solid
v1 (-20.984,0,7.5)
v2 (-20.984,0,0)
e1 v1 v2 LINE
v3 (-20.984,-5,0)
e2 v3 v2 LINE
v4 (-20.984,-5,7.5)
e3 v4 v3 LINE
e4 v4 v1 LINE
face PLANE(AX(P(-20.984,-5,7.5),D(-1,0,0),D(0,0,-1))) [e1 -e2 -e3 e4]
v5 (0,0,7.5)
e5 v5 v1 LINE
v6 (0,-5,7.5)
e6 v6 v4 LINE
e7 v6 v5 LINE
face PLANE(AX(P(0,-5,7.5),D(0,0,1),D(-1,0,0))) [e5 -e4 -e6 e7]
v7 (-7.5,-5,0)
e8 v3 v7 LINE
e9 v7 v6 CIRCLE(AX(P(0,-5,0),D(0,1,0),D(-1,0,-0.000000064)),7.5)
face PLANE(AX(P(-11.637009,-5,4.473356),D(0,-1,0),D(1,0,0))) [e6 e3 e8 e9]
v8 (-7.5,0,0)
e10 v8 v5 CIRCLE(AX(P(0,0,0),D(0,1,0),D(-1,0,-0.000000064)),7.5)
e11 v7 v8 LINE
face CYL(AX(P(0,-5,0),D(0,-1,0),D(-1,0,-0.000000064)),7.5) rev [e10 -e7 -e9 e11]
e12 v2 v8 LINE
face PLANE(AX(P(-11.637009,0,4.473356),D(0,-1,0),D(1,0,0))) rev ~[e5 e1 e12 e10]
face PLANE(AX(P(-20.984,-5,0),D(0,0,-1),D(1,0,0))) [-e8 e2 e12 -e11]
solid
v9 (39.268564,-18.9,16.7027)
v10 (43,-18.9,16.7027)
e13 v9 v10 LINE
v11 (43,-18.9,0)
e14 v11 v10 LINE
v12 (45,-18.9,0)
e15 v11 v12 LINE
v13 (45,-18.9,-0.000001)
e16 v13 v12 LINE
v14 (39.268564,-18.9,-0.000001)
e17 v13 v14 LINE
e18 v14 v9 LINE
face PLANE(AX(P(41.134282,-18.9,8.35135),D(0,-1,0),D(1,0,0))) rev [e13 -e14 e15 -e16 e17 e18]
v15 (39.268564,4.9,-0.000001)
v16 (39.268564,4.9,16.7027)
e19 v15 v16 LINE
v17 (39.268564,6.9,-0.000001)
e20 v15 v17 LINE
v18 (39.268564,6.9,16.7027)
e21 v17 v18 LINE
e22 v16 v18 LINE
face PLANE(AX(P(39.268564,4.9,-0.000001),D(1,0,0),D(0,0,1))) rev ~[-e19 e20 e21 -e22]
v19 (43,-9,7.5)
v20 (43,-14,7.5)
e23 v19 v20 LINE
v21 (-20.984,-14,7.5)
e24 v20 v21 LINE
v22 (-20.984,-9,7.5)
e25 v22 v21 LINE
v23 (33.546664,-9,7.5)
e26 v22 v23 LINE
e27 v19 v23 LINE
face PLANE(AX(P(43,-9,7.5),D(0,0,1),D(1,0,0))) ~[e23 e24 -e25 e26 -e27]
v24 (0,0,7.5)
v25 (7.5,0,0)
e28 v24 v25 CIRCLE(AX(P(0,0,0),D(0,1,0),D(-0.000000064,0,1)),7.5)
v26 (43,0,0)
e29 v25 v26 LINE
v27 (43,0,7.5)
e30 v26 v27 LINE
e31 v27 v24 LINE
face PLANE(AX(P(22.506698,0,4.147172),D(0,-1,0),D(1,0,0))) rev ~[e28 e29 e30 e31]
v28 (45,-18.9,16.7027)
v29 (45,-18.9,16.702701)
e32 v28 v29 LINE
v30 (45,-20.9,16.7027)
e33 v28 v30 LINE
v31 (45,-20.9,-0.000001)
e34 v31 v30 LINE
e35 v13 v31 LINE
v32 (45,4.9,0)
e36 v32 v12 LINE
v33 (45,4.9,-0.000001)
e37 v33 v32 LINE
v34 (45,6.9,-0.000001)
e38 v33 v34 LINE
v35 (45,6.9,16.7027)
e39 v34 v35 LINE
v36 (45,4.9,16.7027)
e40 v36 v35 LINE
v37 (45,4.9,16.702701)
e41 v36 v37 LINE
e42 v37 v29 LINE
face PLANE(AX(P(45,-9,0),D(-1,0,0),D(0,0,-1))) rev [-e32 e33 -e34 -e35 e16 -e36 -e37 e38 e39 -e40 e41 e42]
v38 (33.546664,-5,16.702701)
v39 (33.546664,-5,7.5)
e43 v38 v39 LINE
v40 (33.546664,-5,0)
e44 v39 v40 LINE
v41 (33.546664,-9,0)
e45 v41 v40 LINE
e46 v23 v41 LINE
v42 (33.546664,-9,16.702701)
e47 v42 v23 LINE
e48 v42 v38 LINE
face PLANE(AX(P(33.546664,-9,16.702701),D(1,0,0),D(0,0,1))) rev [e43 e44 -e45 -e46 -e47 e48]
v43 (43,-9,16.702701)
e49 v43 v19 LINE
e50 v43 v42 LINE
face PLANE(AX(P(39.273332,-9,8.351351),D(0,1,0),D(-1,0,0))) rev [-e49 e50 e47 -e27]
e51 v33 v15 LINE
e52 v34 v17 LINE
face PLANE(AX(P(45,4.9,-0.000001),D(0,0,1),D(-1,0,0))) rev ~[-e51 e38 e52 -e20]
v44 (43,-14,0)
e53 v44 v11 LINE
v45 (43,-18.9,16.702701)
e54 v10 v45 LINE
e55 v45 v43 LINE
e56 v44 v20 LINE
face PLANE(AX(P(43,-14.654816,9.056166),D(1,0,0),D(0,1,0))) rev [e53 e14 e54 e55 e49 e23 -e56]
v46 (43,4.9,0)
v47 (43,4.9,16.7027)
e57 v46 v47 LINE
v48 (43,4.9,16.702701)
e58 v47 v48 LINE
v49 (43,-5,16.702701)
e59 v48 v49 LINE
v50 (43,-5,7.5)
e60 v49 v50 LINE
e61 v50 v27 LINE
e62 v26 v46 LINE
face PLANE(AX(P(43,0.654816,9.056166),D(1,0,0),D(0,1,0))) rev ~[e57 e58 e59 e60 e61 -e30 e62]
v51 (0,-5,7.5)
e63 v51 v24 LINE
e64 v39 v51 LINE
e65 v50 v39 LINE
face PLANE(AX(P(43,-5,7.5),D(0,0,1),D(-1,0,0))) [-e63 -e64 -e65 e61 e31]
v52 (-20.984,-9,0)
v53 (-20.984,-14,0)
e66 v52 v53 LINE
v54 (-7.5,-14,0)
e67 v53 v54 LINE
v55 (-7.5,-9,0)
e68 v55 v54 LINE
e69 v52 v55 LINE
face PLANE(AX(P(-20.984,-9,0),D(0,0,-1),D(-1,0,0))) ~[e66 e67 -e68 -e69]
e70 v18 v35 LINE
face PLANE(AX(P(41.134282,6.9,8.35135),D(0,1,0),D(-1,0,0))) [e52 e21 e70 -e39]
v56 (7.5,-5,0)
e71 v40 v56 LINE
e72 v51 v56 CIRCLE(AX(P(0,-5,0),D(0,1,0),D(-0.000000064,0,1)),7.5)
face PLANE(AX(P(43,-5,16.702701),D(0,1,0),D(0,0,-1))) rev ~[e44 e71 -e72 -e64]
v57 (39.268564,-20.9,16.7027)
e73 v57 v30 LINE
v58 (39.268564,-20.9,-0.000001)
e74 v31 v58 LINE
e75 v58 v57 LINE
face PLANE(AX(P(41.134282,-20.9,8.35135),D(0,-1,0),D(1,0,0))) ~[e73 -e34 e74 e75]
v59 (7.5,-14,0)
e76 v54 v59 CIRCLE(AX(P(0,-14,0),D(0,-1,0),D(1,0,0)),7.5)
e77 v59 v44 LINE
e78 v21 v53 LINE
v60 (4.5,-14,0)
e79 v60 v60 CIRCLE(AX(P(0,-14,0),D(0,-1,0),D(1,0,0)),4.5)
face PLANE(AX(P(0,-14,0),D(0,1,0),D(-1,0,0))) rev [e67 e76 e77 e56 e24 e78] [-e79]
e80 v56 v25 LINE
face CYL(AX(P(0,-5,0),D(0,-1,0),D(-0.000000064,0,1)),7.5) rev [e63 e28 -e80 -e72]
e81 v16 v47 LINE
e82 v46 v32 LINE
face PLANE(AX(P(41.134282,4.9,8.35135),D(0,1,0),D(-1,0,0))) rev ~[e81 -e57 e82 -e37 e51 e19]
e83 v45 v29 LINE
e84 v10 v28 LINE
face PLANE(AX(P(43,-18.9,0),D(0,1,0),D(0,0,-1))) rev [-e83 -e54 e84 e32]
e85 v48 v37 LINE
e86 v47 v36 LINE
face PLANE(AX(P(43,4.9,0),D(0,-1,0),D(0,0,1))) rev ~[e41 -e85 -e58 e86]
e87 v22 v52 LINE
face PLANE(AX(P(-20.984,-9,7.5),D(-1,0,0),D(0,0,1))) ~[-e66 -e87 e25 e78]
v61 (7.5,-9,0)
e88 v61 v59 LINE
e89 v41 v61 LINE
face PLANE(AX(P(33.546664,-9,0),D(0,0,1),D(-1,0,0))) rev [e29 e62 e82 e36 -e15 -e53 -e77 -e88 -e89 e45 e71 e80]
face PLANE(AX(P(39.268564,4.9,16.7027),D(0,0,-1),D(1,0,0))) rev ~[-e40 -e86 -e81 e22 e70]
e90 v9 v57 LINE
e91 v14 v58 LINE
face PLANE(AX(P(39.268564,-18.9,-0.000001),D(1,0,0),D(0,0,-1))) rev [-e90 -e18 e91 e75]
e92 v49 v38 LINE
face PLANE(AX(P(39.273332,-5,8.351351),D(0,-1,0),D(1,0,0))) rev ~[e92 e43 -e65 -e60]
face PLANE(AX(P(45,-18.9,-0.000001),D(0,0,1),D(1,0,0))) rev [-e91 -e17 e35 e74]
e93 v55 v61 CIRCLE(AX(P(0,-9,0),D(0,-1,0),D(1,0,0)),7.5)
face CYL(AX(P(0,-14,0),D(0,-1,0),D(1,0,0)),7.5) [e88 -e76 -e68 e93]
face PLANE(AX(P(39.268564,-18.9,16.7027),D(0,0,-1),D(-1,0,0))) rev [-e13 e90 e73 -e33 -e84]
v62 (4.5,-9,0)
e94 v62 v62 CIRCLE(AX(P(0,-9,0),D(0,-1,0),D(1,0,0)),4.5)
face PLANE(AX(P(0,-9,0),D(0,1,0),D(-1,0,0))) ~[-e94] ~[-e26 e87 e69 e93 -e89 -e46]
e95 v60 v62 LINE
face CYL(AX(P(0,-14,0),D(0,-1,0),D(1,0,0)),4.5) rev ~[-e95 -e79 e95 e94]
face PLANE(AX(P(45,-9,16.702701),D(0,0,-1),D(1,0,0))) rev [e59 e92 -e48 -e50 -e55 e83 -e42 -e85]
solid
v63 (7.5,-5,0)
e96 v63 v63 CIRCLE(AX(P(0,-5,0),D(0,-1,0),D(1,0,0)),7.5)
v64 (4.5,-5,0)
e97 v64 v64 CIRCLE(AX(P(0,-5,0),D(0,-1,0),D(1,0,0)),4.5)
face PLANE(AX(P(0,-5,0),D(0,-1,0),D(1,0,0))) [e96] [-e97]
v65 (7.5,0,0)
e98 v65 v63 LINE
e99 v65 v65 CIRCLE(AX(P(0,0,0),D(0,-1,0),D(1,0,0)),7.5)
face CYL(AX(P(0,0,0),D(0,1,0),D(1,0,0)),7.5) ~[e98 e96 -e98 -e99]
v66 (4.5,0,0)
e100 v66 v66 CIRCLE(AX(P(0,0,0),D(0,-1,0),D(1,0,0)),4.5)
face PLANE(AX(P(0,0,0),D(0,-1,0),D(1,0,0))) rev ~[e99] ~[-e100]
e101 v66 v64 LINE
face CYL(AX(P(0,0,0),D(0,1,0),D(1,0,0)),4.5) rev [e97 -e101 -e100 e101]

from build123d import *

# Parameters (mm, degrees)
F0_R     = 7.5
F0_R_2   = 4.5
F1_DEPTH = 5
F3_DEPTH = 5
F4_W     = 5
F4_H     = 7.5
F5_DEPTH = 2
F6_W     = 3.731436
F6_H     = 16.702701
F6_W_2   = 2
F7_DEPTH = 2
F9_DEPTH = 2


with BuildPart() as f1:
    # F0 (on Front) → F1 (new body)
    with BuildSketch(Plane.XZ):
        Circle(F0_R)
        Circle(F0_R_2, mode=Mode.SUBTRACT)
    extrude(amount=F1_DEPTH)


with BuildPart() as f3:
    # F2 (on face) → F3 (new body)
    with BuildSketch(Plane.XZ.offset(5)):
        with BuildLine():
            ThreePointArc((-7.5, 0), (-5.303301, 5.303301), (0, 7.5))
            Line((0, 7.5), (-20.984, 7.5))
            Line((-20.984, 7.5), (-20.984, 0))
            Line((-20.984, 0), (-7.5, 0))
        make_face()
        with BuildLine():
            ThreePointArc((0, 7.5), (5.303301, 5.303301), (7.5, 0))
            Line((7.5, 0), (43, 0))
            Line((43, 0), (43, 7.5))
            Line((43, 7.5), (0, 7.5))
        make_face()
    extrude(amount=-F3_DEPTH)

    # F4 (on face) → F5 (join)
    with BuildSketch(Plane.YZ.offset(43)):
        Polygon((0, 7.5), (0, 0), (4.9, 0), (4.9, 16.702701), (-5, 16.702701), (-5, 7.5), align=None)
        with Locations((-2.5, 3.75)):
            Rectangle(F4_W, F4_H)
    extrude(amount=F5_DEPTH)

    # F6 (on face) → F7 (join)
    with BuildSketch(Plane(origin=(0, 4.9, 0), x_dir=(-1, 0, 0), z_dir=(0, 1, 0))):
        with Locations((-41.134282, 8.35135)):
            Rectangle(F6_W, F6_H)
        with Locations((-44, 8.35135)):
            Rectangle(F6_W_2, F6_H)
    extrude(amount=F7_DEPTH)

    # F8 (on face) → F9 (join)
    with BuildSketch(Plane.XZ.offset(5)):
        Polygon((33.546664, 0), (45, 0), (45, 16.702701), (43, 16.702701), (33.546664, 16.702701), align=None)
    extrude(amount=F9_DEPTH)

    # F10: F3, F1 across face


with BuildPart() as f3_1:
    add(f3.part)
    add(f3.part.mirror(Plane(origin=(39.273332, -7, 8.35135), x_dir=(1, 0, 0), z_dir=(0, -1, 0))))
    add(f1.part.mirror(Plane(origin=(39.273332, -7, 8.35135), x_dir=(1, 0, 0), z_dir=(0, -1, 0))))


solid = Compound([f1.part, f3_1.part])
